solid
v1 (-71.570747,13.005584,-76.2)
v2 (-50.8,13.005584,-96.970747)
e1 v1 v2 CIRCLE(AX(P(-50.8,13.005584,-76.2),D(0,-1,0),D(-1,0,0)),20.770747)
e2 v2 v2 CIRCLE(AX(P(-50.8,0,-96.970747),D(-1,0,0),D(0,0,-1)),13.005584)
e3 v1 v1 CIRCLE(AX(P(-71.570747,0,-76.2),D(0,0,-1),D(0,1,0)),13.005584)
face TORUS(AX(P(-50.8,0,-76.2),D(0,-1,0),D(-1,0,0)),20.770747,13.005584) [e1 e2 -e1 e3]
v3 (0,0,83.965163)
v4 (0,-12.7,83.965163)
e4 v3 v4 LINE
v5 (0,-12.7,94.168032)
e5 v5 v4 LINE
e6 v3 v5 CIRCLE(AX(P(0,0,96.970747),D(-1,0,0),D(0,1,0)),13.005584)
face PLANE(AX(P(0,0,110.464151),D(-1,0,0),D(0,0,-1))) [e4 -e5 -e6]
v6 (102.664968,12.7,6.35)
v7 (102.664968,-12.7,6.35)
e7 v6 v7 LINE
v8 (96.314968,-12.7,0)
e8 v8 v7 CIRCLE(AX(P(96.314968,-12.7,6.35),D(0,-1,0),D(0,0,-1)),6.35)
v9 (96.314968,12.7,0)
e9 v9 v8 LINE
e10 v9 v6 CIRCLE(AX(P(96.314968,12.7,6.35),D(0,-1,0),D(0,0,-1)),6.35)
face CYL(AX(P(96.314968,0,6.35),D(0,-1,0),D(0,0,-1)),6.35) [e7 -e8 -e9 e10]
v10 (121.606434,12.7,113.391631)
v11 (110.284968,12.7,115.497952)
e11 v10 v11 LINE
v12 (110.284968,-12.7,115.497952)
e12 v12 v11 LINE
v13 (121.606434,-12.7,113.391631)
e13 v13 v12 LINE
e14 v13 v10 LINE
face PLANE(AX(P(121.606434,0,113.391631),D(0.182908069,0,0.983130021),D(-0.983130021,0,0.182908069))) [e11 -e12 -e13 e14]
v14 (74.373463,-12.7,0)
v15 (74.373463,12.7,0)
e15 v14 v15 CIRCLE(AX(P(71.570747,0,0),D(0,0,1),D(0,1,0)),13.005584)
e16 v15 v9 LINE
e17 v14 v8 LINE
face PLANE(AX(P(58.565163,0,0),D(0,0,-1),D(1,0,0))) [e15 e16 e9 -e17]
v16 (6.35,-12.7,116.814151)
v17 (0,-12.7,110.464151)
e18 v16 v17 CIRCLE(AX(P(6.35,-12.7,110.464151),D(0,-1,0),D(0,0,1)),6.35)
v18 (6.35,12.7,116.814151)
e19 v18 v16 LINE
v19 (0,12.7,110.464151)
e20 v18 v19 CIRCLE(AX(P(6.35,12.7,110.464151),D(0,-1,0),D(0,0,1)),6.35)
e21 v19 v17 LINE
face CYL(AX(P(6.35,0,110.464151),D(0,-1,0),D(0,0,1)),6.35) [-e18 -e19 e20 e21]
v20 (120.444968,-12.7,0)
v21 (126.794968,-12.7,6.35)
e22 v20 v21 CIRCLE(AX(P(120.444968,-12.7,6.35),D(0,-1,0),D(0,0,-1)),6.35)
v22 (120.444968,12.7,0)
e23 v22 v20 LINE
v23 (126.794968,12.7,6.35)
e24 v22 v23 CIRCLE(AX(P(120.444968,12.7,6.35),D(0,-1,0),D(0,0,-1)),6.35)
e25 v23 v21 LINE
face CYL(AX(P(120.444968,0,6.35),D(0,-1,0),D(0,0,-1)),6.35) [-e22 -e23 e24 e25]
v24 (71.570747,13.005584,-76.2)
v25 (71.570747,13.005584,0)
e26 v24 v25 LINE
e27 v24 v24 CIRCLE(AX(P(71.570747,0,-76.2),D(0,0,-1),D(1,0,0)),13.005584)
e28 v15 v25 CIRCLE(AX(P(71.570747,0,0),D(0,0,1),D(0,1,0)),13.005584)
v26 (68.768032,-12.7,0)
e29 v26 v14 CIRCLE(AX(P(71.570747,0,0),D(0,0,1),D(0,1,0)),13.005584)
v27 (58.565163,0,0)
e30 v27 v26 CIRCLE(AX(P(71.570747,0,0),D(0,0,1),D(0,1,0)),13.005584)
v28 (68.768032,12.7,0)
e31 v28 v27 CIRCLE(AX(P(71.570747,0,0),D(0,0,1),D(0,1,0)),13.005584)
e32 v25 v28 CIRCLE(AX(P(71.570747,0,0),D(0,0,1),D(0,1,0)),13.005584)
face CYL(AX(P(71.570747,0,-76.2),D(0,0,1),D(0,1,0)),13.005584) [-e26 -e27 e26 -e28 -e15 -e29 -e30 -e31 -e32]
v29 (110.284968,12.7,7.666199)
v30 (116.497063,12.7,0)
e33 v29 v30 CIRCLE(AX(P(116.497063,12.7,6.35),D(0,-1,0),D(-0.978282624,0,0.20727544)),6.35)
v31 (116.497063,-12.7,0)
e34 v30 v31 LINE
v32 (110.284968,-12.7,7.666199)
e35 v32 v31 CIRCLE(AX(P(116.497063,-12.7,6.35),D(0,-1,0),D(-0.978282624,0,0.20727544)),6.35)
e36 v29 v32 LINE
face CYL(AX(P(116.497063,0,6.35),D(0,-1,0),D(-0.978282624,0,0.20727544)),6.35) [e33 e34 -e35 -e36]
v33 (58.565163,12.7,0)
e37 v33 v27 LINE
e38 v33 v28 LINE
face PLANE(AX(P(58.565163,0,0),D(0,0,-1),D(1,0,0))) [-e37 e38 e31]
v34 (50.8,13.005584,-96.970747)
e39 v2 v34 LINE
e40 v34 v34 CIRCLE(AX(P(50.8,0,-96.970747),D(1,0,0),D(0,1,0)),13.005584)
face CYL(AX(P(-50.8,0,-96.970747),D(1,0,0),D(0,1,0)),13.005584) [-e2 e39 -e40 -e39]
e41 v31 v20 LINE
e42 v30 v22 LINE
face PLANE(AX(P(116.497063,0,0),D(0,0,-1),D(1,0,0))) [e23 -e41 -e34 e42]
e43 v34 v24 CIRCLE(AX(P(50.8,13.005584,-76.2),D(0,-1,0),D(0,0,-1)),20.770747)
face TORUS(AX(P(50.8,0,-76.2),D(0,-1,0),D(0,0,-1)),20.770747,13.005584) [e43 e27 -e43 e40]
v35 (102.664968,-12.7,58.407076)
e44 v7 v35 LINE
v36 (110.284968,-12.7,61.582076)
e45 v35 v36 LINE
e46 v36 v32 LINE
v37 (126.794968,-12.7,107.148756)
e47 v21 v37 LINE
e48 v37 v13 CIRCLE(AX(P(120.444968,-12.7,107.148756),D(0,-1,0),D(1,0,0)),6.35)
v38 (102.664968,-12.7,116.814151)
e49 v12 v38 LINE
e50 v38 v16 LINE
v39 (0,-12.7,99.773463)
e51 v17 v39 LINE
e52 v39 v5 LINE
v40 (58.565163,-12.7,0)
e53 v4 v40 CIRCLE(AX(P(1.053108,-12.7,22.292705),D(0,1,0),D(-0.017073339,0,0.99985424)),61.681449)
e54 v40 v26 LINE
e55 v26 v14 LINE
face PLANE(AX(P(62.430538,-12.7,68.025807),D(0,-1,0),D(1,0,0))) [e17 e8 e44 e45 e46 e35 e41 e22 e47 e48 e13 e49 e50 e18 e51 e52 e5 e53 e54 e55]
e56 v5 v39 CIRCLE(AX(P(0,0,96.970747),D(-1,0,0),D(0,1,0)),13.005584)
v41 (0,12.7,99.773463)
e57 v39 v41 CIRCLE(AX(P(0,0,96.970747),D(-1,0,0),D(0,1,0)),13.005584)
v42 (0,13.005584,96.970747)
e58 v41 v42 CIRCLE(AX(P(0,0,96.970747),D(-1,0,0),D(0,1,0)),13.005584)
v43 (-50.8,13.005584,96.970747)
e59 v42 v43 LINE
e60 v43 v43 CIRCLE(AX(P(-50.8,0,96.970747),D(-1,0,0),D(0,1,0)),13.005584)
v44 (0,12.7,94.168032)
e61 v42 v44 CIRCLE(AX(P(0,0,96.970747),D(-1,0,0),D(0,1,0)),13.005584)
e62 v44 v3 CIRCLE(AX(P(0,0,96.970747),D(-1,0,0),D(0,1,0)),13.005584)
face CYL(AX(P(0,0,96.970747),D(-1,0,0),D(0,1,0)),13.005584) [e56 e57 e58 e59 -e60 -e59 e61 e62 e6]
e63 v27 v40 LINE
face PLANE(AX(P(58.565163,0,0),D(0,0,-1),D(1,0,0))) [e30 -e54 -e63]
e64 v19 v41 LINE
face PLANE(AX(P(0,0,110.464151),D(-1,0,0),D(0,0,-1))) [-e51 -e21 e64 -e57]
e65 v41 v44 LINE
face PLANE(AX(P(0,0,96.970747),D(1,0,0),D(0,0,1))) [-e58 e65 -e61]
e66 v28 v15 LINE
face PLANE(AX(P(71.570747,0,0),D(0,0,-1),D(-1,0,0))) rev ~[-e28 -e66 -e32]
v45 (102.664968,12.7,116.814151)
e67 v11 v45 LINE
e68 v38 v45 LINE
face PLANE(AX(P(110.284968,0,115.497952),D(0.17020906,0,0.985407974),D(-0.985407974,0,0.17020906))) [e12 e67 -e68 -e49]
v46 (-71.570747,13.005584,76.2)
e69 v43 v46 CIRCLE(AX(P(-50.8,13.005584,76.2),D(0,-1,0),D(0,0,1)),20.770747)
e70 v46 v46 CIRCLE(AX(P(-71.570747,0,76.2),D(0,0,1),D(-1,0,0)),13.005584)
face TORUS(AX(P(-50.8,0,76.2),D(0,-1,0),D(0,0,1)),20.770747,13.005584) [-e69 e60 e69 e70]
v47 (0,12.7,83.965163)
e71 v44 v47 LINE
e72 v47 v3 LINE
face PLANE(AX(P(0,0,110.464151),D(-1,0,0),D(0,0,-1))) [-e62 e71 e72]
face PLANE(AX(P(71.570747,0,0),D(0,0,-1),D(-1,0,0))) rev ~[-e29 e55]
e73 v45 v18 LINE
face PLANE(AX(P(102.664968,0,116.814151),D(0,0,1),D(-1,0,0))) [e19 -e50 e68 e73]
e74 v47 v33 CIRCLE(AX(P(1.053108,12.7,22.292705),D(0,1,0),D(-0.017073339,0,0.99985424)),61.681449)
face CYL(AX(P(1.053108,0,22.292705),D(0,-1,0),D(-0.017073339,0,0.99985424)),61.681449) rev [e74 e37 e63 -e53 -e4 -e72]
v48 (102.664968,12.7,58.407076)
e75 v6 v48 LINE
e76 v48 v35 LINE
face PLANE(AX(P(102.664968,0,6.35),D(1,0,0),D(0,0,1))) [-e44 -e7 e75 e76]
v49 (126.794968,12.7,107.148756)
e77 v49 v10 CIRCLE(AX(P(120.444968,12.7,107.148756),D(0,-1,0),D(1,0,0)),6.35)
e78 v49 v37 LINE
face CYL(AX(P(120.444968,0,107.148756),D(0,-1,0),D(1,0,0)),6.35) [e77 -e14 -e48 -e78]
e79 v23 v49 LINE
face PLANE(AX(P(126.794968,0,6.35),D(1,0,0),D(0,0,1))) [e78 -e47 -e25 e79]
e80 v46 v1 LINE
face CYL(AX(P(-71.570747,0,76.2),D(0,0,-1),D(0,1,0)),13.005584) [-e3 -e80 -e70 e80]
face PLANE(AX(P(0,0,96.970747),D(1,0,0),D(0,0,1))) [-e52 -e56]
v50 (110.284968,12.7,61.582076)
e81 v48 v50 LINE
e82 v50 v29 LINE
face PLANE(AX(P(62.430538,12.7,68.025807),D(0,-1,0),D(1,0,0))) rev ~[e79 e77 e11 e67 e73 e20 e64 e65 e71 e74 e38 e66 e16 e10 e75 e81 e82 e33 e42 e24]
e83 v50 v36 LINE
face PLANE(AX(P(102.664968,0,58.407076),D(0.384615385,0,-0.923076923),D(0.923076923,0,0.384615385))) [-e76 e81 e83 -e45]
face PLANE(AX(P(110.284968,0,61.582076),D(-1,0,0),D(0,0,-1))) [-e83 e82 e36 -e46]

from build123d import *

# Parameters (mm, degrees)
F1_R     = 13.0055839956
F4_DEPTH = 12.7


with BuildPart() as f2:
    # F2: sweep along a path in F0
    with BuildLine(Plane.XZ) as f2_path:
        Line((0, 96.9707472146), (-50.8, 96.9707472146))
        ThreePointArc((-50.8, 96.9707472146), (-65.4871362057, 90.8871362057), (-71.5707472146, 76.2))
        Line((-71.5707472146, 76.2), (-71.5707472146, 0))
        Line((-71.5707472146, 0), (-71.5707472146, -76.2))
        ThreePointArc((-71.5707472146, -76.2), (-65.4871362057, -90.8871362057), (-50.8, -96.9707472146))
        Line((-50.8, -96.9707472146), (0, -96.9707472146))
        Line((0, -96.9707472146), (50.8, -96.9707472146))
        ThreePointArc((50.8, -96.9707472146), (65.4871362057, -90.8871362057), (71.5707472146, -76.2))
        Line((71.5707472146, -76.2), (71.5707472146, 0))
    # F1 (on Right) → F2 (sweep)
    with BuildSketch(Plane.YZ):
        with Locations((0, 96.9707472146)):
            Circle(F1_R)
    sweep(path=f2_path.line)

    # F3 (on Front) → F4 (join, symmetric)
    with BuildSketch(Plane.XZ):
        with BuildLine():
            Line((102.6649682577, 58.4070757031), (102.6649682577, 116.8141514063))
            Line((102.6649682577, 116.8141514063), (51.3324841288, 116.8141514063))
            Line((51.3324841288, 116.8141514063), (6.35, 116.8141514063))
            ThreePointArc((6.35, 116.8141514063), (1.8598719395, 114.9542794668), (0, 110.4641514063))
            Line((0, 110.4641514063), (0, 109.9763312101))
            Line((0, 109.9763312101), (0, 83.965163219))
            ThreePointArc((0, 83.965163219), (51.6440197634, 57.5795414091), (58.565163219, 0))
            Line((58.565163219, 0), (84.5763312101, 0))
            Line((84.5763312101, 0), (96.3149682577, 0))
            ThreePointArc((96.3149682577, 0), (100.8050963182, 1.8598719395), (102.6649682577, 6.35))
            Line((102.6649682577, 6.35), (102.6649682577, 58.4070757031))
        make_face()
        Polygon((110.2849682577, 115.4979523605), (102.6649682577, 116.8141514063), (102.6649682577, 58.4070757031), (110.2849682577, 61.5820757031), align=None)
        with BuildLine():
            Line((121.606434498, 113.3916312351), (110.2849682577, 115.4979523605))
            Line((110.2849682577, 115.4979523605), (110.2849682577, 61.5820757031))
            Line((110.2849682577, 61.5820757031), (126.7949682577, 61.5820757031))
            Line((126.7949682577, 61.5820757031), (126.7949682577, 107.1487556019))
            ThreePointArc((126.7949682577, 107.1487556019), (125.3285023584, 111.2075232334), (121.606434498, 113.3916312351))
        make_face()
        with BuildLine():
            Line((126.7949682577, 61.5820757031), (110.2849682577, 61.5820757031))
            Line((110.2849682577, 61.5820757031), (110.2849682577, 7.6661990458))
            ThreePointArc((110.2849682577, 7.6661990458), (111.5634859227, 2.3522108573), (116.4970629182, 0))
            Line((116.4970629182, 0), (120.4449682577, 0))
            ThreePointArc((120.4449682577, 0), (124.9350963182, 1.8598719395), (126.7949682577, 6.35))
            Line((126.7949682577, 6.35), (126.7949682577, 61.5820757031))
        make_face()
    extrude(amount=F4_DEPTH, both=True)


solid = f2.part
